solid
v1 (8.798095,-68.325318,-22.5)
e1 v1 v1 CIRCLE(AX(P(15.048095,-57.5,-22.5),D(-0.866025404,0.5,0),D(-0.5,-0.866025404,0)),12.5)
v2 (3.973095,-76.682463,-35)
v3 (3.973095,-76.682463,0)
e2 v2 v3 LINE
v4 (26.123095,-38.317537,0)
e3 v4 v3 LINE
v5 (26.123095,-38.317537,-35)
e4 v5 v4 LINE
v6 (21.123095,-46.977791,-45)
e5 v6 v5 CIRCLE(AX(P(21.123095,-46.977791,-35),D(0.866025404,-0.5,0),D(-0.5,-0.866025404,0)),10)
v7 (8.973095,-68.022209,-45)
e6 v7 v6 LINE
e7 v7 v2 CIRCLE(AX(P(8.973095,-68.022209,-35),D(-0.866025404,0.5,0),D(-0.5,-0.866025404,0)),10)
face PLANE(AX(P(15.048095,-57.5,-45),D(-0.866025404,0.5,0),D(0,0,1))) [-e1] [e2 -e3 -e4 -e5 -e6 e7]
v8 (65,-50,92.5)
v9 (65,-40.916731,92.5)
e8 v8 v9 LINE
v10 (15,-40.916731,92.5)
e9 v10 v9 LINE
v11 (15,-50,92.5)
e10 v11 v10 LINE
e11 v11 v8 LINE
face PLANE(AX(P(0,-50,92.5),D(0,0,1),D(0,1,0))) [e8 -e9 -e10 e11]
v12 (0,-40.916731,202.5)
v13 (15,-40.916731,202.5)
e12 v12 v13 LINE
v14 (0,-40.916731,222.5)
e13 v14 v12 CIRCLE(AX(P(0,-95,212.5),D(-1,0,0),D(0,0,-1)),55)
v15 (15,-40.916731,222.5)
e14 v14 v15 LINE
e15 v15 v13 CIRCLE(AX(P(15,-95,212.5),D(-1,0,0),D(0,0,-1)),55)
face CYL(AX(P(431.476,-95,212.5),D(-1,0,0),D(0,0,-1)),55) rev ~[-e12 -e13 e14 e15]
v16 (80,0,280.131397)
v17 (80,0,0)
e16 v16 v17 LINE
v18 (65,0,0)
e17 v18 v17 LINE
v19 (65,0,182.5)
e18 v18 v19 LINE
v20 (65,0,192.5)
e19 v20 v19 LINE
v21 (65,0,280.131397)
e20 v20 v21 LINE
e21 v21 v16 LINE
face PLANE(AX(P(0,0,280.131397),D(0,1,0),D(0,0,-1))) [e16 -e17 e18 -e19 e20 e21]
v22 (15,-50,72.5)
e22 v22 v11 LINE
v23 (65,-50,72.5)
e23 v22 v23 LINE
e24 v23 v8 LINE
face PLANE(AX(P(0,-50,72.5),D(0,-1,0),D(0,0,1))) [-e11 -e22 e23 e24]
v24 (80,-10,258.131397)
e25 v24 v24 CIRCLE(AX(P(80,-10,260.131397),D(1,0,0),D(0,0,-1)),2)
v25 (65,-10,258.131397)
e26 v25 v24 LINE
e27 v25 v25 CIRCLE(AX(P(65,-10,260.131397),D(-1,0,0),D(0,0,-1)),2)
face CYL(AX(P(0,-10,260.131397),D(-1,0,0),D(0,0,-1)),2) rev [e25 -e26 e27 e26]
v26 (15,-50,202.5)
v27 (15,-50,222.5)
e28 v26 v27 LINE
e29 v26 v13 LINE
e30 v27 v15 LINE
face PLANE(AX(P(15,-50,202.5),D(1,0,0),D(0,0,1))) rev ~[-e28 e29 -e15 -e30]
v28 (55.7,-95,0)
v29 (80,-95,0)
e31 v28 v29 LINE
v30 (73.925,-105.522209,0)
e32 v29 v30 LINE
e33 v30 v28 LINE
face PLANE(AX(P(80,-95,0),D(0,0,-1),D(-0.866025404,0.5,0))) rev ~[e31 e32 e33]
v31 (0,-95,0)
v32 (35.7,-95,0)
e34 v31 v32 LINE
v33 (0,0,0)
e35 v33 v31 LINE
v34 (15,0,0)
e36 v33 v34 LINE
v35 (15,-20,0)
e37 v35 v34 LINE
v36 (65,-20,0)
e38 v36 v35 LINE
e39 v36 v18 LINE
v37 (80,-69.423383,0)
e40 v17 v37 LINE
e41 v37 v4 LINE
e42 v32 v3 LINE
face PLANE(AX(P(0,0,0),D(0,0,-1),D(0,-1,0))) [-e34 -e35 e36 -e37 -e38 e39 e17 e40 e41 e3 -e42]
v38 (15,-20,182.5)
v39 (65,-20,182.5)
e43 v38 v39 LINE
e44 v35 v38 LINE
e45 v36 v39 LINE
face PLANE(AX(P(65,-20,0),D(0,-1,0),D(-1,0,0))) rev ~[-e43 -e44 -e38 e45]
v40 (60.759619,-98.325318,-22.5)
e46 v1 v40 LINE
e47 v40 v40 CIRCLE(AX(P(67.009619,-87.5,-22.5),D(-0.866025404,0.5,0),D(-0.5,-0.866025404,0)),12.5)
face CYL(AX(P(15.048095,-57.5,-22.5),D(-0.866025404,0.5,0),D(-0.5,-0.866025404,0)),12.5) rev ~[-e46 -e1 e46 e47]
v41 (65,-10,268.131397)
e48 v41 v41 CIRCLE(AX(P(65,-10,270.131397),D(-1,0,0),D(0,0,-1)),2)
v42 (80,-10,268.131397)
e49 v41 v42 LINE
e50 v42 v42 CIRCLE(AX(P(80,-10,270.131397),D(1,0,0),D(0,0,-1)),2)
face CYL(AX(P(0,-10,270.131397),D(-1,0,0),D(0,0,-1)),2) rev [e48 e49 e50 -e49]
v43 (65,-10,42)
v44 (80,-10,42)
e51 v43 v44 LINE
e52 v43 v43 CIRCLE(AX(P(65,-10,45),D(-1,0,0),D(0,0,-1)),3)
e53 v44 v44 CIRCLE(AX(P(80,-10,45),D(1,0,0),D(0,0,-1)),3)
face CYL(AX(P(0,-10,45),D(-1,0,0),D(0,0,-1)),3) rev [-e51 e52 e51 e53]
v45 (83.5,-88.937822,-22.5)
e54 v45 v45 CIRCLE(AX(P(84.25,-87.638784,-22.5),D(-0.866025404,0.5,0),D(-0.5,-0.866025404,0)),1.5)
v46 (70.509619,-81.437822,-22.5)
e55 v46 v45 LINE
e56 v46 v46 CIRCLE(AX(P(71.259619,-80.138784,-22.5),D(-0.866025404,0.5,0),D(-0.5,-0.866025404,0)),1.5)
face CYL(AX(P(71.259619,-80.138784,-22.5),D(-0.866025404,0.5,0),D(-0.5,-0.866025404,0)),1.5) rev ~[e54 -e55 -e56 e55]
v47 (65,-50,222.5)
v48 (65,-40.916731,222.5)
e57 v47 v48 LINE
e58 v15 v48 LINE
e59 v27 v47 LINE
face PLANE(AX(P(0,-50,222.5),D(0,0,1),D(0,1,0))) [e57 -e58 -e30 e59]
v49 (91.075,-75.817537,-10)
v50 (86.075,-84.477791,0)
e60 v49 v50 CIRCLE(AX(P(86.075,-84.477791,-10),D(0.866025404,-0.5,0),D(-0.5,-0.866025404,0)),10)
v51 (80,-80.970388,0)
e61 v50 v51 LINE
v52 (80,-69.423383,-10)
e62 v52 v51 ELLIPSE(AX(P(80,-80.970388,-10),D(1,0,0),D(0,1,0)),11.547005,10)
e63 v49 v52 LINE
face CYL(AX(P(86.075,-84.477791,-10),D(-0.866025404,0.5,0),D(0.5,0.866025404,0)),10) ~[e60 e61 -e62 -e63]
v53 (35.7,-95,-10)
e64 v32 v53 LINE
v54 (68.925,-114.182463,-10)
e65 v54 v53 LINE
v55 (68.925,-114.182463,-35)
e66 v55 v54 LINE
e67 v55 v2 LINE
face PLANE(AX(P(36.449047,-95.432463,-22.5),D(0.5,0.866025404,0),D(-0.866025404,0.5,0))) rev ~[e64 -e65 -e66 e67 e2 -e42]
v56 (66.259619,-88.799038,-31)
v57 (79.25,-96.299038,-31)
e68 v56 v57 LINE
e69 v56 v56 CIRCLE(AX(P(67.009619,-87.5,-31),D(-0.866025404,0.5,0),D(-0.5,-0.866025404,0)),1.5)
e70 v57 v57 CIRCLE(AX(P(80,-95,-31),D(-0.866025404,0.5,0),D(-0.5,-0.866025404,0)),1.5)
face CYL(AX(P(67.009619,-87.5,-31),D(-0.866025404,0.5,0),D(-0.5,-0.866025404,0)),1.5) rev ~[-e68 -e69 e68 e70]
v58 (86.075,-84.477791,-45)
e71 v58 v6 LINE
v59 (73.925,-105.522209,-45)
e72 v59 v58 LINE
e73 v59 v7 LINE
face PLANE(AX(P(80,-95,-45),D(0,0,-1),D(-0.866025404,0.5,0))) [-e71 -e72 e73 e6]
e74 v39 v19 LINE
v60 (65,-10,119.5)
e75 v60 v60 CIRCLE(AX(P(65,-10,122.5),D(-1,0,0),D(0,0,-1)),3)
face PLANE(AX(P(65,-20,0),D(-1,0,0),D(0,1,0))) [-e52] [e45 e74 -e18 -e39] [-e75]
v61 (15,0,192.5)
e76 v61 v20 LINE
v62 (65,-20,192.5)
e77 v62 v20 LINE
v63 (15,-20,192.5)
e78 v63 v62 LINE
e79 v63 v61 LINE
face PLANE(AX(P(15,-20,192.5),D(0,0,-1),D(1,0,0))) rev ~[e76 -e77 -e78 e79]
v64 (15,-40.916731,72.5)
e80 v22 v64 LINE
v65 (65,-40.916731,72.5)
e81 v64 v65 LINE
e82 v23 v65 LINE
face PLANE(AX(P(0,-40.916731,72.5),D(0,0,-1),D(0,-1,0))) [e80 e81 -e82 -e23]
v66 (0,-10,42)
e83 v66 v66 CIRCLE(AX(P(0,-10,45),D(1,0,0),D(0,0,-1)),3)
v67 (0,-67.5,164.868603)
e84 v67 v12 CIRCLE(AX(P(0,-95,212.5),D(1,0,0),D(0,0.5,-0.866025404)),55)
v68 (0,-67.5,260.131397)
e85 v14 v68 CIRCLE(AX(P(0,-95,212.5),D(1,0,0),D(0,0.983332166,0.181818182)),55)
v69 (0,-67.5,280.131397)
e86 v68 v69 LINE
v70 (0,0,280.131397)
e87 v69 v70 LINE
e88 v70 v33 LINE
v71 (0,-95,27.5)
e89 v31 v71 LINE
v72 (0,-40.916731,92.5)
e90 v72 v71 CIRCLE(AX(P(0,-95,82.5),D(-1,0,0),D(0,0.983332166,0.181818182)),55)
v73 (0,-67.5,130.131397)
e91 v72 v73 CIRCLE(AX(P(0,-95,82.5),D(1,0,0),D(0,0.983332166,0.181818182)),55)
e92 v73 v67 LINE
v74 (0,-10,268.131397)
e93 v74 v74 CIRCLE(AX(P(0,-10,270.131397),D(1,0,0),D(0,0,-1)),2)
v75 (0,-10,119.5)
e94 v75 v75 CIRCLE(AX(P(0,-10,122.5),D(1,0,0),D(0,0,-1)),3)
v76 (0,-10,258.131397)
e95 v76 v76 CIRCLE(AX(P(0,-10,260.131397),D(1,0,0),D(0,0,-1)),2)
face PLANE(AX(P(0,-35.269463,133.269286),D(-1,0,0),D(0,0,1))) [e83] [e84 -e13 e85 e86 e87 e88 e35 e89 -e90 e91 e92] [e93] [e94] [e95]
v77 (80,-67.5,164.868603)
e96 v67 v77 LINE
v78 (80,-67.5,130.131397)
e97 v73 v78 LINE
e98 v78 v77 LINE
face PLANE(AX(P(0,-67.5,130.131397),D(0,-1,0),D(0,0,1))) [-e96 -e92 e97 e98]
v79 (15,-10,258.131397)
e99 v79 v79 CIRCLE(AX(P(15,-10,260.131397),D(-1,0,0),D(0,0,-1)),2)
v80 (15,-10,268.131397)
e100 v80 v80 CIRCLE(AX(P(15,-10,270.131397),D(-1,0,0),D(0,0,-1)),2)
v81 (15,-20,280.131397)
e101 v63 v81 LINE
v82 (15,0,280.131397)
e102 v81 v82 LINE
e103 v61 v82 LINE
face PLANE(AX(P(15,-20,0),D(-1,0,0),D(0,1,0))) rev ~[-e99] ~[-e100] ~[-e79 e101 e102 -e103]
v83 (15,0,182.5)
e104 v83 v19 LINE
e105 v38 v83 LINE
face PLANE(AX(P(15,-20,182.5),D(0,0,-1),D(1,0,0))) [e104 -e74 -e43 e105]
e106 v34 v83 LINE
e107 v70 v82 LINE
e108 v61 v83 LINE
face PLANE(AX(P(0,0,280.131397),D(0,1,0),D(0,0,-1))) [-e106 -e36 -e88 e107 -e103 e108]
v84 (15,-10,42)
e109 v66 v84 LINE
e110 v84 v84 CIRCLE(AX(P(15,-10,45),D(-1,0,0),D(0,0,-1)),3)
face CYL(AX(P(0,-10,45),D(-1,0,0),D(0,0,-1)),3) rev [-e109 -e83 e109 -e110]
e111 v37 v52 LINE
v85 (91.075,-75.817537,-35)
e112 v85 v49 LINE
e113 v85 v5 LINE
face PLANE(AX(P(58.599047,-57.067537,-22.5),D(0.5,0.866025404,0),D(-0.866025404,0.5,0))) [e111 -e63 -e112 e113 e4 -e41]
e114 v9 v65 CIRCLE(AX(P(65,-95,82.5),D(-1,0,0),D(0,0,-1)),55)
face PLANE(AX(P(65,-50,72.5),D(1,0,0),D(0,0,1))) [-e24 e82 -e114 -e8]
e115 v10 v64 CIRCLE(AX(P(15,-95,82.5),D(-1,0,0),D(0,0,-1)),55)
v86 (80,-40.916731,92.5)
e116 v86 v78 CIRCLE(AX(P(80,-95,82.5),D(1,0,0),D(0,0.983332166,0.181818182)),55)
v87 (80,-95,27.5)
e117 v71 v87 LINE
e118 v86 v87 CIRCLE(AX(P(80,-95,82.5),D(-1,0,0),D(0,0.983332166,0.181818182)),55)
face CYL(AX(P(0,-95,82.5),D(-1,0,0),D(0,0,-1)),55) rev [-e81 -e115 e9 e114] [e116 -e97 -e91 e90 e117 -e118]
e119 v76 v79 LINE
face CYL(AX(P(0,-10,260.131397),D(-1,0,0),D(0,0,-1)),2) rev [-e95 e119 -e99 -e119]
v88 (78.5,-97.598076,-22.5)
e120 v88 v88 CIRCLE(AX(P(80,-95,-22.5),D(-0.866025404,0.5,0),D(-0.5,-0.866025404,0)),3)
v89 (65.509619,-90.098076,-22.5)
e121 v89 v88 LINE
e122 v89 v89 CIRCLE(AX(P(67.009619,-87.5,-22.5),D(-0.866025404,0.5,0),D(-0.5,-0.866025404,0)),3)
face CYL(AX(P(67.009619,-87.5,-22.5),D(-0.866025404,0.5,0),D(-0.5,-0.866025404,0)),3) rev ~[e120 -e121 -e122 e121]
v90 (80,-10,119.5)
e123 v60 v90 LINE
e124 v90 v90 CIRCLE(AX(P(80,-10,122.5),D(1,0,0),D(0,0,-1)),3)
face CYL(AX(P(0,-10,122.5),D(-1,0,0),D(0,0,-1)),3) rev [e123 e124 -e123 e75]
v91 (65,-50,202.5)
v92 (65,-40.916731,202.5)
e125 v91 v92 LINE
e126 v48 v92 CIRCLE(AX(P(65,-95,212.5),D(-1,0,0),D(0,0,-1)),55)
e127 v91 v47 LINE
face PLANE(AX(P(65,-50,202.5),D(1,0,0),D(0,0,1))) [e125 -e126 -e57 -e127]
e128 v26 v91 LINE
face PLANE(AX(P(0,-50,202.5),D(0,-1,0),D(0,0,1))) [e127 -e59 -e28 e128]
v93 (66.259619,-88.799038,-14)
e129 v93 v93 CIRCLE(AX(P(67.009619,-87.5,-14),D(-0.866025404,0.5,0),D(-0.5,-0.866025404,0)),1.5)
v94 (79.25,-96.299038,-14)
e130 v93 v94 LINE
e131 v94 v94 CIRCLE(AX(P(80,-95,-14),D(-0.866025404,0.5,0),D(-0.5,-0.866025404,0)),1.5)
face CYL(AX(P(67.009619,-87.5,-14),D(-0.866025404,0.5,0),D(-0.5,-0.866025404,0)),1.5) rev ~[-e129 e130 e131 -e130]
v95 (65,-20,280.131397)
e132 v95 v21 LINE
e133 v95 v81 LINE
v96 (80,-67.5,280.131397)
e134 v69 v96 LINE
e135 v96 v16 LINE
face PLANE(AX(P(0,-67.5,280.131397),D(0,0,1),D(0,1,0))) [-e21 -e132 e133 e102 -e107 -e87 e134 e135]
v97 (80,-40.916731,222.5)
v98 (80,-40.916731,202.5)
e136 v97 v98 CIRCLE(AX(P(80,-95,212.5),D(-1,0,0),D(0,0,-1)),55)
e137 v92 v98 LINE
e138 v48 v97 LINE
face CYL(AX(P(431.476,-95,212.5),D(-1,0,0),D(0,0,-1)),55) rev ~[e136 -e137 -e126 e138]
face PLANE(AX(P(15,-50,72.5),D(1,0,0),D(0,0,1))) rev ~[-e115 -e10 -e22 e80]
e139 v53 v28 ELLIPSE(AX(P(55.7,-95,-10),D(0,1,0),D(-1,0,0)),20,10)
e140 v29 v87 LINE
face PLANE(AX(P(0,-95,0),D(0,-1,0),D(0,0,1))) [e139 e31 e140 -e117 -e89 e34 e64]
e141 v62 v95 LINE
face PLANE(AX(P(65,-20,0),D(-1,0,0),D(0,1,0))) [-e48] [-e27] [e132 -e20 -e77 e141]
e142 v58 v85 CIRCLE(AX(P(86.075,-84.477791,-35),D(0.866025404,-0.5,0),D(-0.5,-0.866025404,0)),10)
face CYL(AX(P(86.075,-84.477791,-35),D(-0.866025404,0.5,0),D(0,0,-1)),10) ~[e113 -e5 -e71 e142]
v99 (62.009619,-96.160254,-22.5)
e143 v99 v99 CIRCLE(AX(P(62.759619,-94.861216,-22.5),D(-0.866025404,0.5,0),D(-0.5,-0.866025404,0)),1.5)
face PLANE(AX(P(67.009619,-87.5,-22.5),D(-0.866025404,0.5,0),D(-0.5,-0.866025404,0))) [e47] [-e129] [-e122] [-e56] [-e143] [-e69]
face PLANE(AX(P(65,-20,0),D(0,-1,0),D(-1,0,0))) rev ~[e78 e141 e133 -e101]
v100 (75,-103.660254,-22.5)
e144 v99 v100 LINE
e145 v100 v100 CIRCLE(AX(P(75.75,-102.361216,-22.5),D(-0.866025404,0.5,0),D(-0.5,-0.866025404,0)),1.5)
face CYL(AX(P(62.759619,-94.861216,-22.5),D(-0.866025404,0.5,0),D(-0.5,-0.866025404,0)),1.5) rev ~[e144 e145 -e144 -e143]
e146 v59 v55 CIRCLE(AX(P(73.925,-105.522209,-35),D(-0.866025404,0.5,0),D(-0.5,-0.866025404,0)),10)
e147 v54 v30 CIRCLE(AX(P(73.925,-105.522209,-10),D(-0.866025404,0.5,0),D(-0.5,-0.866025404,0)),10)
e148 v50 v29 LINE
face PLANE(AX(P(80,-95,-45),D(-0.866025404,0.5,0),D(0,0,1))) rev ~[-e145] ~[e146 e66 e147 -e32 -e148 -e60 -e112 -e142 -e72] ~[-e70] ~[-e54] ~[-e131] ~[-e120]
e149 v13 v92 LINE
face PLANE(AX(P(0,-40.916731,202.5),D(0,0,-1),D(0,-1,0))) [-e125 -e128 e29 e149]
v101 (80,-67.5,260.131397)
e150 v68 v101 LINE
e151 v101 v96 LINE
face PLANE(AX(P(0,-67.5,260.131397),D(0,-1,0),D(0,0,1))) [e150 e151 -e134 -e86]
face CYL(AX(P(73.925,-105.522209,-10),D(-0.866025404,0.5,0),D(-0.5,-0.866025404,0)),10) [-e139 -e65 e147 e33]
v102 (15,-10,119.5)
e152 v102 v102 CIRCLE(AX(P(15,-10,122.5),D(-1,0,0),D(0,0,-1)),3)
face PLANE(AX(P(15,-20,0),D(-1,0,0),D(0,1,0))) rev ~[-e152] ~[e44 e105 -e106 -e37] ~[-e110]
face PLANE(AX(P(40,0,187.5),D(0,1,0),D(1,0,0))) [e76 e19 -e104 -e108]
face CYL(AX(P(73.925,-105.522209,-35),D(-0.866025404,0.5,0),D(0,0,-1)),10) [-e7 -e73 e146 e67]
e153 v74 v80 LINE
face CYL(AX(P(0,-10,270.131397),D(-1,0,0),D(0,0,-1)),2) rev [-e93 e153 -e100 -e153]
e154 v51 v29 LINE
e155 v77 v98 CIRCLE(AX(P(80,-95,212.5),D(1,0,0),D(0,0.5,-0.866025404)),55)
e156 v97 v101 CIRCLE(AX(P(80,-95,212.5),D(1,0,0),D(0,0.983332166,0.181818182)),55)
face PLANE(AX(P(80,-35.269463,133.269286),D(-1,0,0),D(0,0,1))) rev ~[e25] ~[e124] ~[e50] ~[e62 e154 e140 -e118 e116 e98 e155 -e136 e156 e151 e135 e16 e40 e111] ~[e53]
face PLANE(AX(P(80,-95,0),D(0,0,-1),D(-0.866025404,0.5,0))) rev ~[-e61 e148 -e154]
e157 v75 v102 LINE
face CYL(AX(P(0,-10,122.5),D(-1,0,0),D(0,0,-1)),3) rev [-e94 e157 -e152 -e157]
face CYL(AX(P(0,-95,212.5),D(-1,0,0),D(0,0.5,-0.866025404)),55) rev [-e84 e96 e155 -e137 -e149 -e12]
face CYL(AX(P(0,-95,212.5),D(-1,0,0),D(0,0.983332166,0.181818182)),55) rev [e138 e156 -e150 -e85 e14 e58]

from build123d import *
from build123d.topology import SkipClean

# Parameters (mm, degrees)
SKETCH_1_R               = 3
SKETCH_1_R_2             = 2
EXTRUDE_1_DEPTH          = 80
CUT_EXTRUDE_4_REACH      = 297.59
CUT_EXTRUDE_4_END_RADIUS = 55
SKETCH_4_W               = 15
SKETCH_4_H               = 20
SKETCH_5_W               = 75
SKETCH_5_H               = 45
EXTRUDE_2_DEPTH          = 22.15
SKETCH_10_R              = 12.5
CUT_EXTRUDE_5_DEPTH      = 60
SKETCH_12_R              = 3
SKETCH_12_R_2            = 1.5
CUT_EXTRUDE_6_DEPTH      = 15
FILLET_1_R               = 10
SKETCH_13_W              = 50
SKETCH_13_H              = 20
CUT_EXTRUDE_7_DEPTH      = 280.131397208
CUT_EXTRUDE_8_REACH      = 303.476
CUT_EXTRUDE_8_END_RADIUS = 55
SKETCH_14_W              = 15
SKETCH_14_H              = 20
SKETCH_15_W              = 50
SKETCH_15_H              = 10
EXTRUDE_3_DEPTH          = 20


with BuildPart() as part:
    # Эскиз1 → Бобышка-Вытянуть1 (new body)
    with BuildSketch(Plane(origin=(0, 0, 0), x_dir=(0, 0, -1), z_dir=(1, 0, 0))):
        with BuildLine():
            Line((0, 0), (0, -95))
            Line((0, -95), (-27.5, -95))
            ThreePointArc((-27.5, -95), (-40.221163687, -59.821881801), (-72.5, -40.916730868))
            Line((-72.5, -40.916730868), (-72.5, -50))
            Line((-72.5, -50), (-92.5, -50))
            Line((-92.5, -50), (-92.5, -40.916730868))
            ThreePointArc((-92.5, -40.916730868), (-114.23345294, -50.077979069), (-130.131397208, -67.5))
            Line((-130.131397208, -67.5), (-164.868602792, -67.5))
            ThreePointArc((-164.868602792, -67.5), (-180.76654706, -50.077979069), (-202.5, -40.916730868))
            Line((-202.5, -40.916730868), (-202.5, -50))
            Line((-202.5, -50), (-222.5, -50))
            Line((-222.5, -50), (-222.5, -40.916730868))
            ThreePointArc((-222.5, -40.916730868), (-244.23345294, -50.077979069), (-260.131397208, -67.5))
            Line((-260.131397208, -67.5), (-280.131397208, -67.5))
            Line((-280.131397208, -67.5), (-280.131397208, 0))
            Line((-280.131397208, 0), (0, 0))
        make_face()
        with Locations((-45, -10)):
            Circle(SKETCH_1_R, mode=Mode.SUBTRACT)
        with Locations((-122.5, -10)):
            Circle(SKETCH_1_R, mode=Mode.SUBTRACT)
        with Locations((-270.131397208, -10)):
            Circle(SKETCH_1_R_2, mode=Mode.SUBTRACT)
        with Locations((-260.131397208, -10)):
            Circle(SKETCH_1_R_2, mode=Mode.SUBTRACT)
    extrude(amount=EXTRUDE_1_DEPTH)

    # Вырез-Вытянуть4: up to this cylinder (the profile starts inside it)
    with SkipClean():  # the faces are left unmerged after this step: merging them gives an invalid solid
        cut_extrude_4_end = Plane(origin=(40, -95, 82.5), z_dir=(-1, 0, 0)) * Cylinder(CUT_EXTRUDE_4_END_RADIUS, 771.18, mode=Mode.PRIVATE)
        # Эскиз4 → Вырез-Вытянуть4 (cut, up to the surface)
        with BuildSketch(Plane.XZ.offset(50), mode=Mode.PRIVATE) as cut_extrude_4_sk1:
            with Locations((7.5, 82.5)):
                Rectangle(SKETCH_4_W, SKETCH_4_H)
        cut_extrude_4_tool1 = extrude(cut_extrude_4_sk1.sketch, amount=-CUT_EXTRUDE_4_REACH, mode=Mode.PRIVATE) & cut_extrude_4_end
        add(cut_extrude_4_tool1.solids().sort_by_distance((7.5, -50, 82.5))[0], mode=Mode.SUBTRACT)
        # Эскиз4 → Вырез-Вытянуть4 (cut, up to the surface)
        with BuildSketch(Plane.XZ.offset(50), mode=Mode.PRIVATE) as cut_extrude_4_sk2:
            with Locations((72.5, 82.5)):
                Rectangle(SKETCH_4_W, SKETCH_4_H)
        cut_extrude_4_tool2 = extrude(cut_extrude_4_sk2.sketch, amount=-CUT_EXTRUDE_4_REACH, mode=Mode.PRIVATE) & cut_extrude_4_end
        add(cut_extrude_4_tool2.solids().sort_by_distance((72.5, -50, 82.5))[0], mode=Mode.SUBTRACT)

    # Эскиз5 → Бобышка-Вытянуть2 (add, symmetric)
    with SkipClean():  # the faces are left unmerged after this step: merging them gives an invalid solid
        with BuildSketch(Plane(origin=(-21.13620668, -36.608983849, 0), x_dir=(-0.8660254037844379, 0.5000000000000012, 0), z_dir=(0.5000000000000012, 0.8660254037844379, 0))):
            with Locations((-79.282032303, -22.5)):
                Rectangle(SKETCH_5_W, SKETCH_5_H)
        extrude(amount=EXTRUDE_2_DEPTH, both=True)

    # Эскиз10 → Вырез-Вытянуть5 (cut)
    with SkipClean():  # the faces are left unmerged after this step: merging them gives an invalid solid
        with BuildSketch(Plane(origin=(36.184301396, -20.891016151, 0), x_dir=(0, 0, 1), z_dir=(-0.866025403784438, 0.5000000000000012, 0))):
            with Locations(Location((-22.5, -42.27241336, 0), (0, 0, 270))):
                Circle(SKETCH_10_R)
        extrude(amount=-CUT_EXTRUDE_5_DEPTH, mode=Mode.SUBTRACT)

    # Эскиз12 → Вырез-Вытянуть6 (cut)
    with SkipClean():  # the faces are left unmerged after this step: merging them gives an invalid solid
        with BuildSketch(Plane(origin=(88.145825623, -50.891016151, 0), x_dir=(0, 0, 1), z_dir=(-0.866025403784438, 0.5000000000000012, 0))):
            with Locations(Location((-22.5, -42.27241336, 0), (0, 0, 270))):
                Circle(SKETCH_12_R)
            with Locations(Location((-22.5, -33.77241336, 0), (0, 0, 270))):
                Circle(SKETCH_12_R_2)
            with Locations(Location((-14, -42.27241336, 0), (0, 0, 270))):
                Circle(SKETCH_12_R_2)
            with Locations(Location((-22.5, -50.77241336, 0), (0, 0, 270))):
                Circle(SKETCH_12_R_2)
            with Locations(Location((-31, -42.27241336, 0), (0, 0, 270))):
                Circle(SKETCH_12_R_2)
        extrude(amount=-CUT_EXTRUDE_6_DEPTH, mode=Mode.SUBTRACT)

    # Скругление1
    fillet_1_edges = [part.edges().sort_by_distance(p)[0] for p in [
        (52.3125, -104.591231347, 0),
        (36.449047358, -95.432462694, -45),
        (58.599047358, -57.067537306, -45),
        (85.5375, -72.620460191, 0),
    ]]
    fillet(fillet_1_edges, radius=FILLET_1_R)

    # Эскиз13 → Вырез-Вытянуть7 (cut)
    with BuildSketch(Plane(origin=(0, 0, 0), x_dir=(-1, 0, 0), z_dir=(0, 0, -1))):
        with Locations((-40, -10)):
            Rectangle(SKETCH_13_W, SKETCH_13_H)
    extrude(amount=-CUT_EXTRUDE_7_DEPTH, mode=Mode.SUBTRACT)

    # Вырез-Вытянуть8: up to this cylinder (the profile starts inside it)
    with SkipClean():  # the faces are left unmerged after this step: merging them gives an invalid solid
        cut_extrude_8_end = Plane(origin=(40, -95, 212.5), z_dir=(-1, 0, 0)) * Cylinder(CUT_EXTRUDE_8_END_RADIUS, 782.952, mode=Mode.PRIVATE)
        # Эскиз14 → Вырез-Вытянуть8 (cut, up to the surface)
        with BuildSketch(Plane.XZ.offset(50), mode=Mode.PRIVATE) as cut_extrude_8_sk1:
            with Locations((7.5, 212.5)):
                Rectangle(SKETCH_14_W, SKETCH_14_H)
        cut_extrude_8_tool1 = extrude(cut_extrude_8_sk1.sketch, amount=-CUT_EXTRUDE_8_REACH, mode=Mode.PRIVATE) & cut_extrude_8_end
        add(cut_extrude_8_tool1.solids().sort_by_distance((7.5, -50, 212.5))[0], mode=Mode.SUBTRACT)
        # Эскиз14 → Вырез-Вытянуть8 (cut, up to the surface)
        with BuildSketch(Plane.XZ.offset(50), mode=Mode.PRIVATE) as cut_extrude_8_sk2:
            with Locations((72.5, 212.5)):
                Rectangle(SKETCH_14_W, SKETCH_14_H)
        cut_extrude_8_tool2 = extrude(cut_extrude_8_sk2.sketch, amount=-CUT_EXTRUDE_8_REACH, mode=Mode.PRIVATE) & cut_extrude_8_end
        add(cut_extrude_8_tool2.solids().sort_by_distance((72.5, -50, 212.5))[0], mode=Mode.SUBTRACT)

    # Эскиз15 → Бобышка-Вытянуть3 (add)
    with SkipClean():  # the faces are left unmerged after this step: merging them gives an invalid solid
        with BuildSketch(Plane(origin=(0, -20, 0), x_dir=(1, 0, 0), z_dir=(0, 1, 0))):
            with Locations((40, -187.5)):
                Rectangle(SKETCH_15_W, SKETCH_15_H)
        extrude(amount=EXTRUDE_3_DEPTH)


solid = part.part
